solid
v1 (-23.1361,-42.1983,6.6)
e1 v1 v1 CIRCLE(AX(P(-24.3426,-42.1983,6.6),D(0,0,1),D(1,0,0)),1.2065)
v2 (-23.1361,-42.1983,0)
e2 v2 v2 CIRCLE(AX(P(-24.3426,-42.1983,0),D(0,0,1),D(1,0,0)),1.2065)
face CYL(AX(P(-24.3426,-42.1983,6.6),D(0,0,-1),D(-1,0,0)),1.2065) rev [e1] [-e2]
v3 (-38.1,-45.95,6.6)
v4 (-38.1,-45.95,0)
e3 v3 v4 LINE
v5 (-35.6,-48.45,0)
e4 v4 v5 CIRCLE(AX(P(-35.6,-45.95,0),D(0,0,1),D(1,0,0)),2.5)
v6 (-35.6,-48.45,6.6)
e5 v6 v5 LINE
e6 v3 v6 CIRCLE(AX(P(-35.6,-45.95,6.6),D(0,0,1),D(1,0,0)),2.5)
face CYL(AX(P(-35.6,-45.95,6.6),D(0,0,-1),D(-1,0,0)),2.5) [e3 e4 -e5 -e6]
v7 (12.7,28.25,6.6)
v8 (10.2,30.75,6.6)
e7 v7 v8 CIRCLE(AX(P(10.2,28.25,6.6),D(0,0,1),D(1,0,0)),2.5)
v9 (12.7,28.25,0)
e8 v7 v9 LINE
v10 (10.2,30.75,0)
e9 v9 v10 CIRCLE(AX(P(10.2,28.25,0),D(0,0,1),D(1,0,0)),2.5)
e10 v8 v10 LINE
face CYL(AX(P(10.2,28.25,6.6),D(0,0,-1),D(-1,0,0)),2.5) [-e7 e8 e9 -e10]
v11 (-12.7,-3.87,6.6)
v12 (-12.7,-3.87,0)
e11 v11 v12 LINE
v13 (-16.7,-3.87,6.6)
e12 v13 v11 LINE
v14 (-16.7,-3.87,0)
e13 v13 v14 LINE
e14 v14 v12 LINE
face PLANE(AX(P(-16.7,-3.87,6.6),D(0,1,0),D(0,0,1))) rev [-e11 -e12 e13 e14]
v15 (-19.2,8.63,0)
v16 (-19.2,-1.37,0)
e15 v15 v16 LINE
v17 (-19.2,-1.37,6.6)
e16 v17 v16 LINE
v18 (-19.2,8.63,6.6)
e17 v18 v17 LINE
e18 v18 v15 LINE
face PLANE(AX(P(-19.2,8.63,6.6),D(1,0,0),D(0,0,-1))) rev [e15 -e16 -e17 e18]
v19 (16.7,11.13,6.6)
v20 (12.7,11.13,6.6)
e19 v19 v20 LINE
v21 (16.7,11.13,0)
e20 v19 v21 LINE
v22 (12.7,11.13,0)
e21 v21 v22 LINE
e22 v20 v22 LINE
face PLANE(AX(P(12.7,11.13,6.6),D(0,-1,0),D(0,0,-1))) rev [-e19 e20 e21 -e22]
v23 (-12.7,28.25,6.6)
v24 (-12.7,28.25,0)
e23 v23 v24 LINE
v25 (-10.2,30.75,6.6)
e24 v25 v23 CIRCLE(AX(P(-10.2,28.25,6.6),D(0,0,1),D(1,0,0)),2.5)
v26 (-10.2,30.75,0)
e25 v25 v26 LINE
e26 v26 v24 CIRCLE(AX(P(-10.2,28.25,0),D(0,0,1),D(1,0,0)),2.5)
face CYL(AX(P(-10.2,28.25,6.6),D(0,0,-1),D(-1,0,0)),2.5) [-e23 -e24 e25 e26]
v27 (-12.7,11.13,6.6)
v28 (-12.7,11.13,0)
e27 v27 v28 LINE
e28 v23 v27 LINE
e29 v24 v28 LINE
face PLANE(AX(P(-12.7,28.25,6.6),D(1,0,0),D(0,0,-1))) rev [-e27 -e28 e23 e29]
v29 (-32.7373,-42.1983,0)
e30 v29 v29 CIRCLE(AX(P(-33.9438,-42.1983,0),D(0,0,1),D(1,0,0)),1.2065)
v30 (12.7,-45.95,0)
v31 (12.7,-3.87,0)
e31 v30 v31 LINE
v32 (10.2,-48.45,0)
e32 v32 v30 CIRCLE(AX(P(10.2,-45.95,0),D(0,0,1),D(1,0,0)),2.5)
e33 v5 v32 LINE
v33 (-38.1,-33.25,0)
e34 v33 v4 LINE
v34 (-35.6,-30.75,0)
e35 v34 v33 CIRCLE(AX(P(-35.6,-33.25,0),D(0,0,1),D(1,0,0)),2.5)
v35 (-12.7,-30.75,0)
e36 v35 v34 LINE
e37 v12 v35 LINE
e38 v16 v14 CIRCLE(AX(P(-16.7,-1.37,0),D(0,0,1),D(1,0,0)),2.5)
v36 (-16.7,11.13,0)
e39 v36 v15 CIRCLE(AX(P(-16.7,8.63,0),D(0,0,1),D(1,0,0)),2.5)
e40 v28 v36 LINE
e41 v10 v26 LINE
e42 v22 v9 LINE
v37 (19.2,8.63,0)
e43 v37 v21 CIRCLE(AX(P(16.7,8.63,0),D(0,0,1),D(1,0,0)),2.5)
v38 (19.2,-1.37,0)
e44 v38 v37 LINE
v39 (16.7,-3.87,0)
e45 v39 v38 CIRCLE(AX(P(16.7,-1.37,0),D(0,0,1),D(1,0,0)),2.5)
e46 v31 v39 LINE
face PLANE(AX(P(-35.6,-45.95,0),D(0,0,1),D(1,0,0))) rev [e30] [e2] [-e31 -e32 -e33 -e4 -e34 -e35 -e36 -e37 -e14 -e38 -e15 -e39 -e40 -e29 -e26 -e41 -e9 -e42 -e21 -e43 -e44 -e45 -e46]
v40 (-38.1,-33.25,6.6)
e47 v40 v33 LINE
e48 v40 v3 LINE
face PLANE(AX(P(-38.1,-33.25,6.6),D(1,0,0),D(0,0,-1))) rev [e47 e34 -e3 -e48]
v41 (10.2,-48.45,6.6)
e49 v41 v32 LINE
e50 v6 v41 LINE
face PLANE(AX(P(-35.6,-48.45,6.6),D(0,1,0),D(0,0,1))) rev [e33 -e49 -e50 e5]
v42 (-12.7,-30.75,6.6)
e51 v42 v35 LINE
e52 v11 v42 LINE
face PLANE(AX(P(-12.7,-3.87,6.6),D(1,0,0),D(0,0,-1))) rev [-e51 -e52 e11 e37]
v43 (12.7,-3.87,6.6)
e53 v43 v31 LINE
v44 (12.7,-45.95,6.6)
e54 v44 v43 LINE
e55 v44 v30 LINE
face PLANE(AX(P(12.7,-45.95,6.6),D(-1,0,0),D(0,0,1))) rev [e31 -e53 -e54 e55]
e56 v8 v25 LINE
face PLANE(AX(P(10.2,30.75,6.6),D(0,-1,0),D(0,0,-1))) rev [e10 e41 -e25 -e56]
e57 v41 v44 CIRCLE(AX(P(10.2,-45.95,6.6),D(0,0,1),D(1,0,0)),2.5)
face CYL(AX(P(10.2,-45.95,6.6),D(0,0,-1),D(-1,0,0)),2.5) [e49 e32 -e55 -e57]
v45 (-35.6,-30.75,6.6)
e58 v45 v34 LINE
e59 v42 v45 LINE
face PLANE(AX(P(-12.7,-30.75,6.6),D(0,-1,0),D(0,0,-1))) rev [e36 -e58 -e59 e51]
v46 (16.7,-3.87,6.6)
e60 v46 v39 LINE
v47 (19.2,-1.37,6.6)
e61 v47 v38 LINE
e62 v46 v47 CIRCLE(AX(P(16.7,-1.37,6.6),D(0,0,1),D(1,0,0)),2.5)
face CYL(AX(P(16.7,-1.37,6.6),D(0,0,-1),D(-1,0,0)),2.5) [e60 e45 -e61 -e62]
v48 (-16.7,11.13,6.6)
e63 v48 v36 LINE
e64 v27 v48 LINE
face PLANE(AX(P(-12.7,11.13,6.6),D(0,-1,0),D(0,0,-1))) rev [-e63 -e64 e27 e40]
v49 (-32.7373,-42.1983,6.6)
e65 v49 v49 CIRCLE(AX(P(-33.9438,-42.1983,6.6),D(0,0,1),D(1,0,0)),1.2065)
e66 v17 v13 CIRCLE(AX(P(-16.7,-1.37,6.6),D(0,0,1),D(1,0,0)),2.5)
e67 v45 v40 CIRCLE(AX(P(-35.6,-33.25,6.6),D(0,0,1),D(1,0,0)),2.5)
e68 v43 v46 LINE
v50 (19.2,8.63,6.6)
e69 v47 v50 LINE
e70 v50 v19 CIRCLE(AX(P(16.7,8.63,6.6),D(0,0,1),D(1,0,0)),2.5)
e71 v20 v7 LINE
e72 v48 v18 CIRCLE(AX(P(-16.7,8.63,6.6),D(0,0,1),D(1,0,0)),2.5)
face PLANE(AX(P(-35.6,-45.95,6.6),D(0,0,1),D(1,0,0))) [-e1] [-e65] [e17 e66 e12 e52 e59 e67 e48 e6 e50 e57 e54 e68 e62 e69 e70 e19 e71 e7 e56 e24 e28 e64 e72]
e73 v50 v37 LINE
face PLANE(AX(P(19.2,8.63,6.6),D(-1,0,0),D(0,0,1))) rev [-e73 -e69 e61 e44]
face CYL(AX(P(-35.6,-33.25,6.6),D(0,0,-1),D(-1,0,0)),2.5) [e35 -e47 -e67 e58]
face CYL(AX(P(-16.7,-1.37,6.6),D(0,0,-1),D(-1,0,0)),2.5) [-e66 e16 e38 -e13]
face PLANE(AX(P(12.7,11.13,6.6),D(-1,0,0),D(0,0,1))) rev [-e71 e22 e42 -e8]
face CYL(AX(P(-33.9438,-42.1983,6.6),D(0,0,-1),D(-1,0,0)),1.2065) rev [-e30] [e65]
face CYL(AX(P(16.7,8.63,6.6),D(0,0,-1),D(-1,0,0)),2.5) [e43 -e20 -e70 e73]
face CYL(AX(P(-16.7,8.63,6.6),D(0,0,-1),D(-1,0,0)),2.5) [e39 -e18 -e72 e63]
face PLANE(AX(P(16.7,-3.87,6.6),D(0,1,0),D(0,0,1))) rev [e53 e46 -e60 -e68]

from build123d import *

# Parameters (mm, degrees)
MODEL_R             = 1.2065
BOSS_EXTRUDE1_DEPTH = 6.6


with BuildPart() as part:
    # Model → Boss-Extrude1 (new body)
    with BuildSketch(Plane.XY):
        with BuildLine():
            Line((-38.1, -33.25), (-38.1, -45.95))
            ThreePointArc((-38.1, -45.95), (-37.367766953, -47.717766953), (-35.6, -48.45))
            Line((-35.6, -48.45), (10.2, -48.45))
            ThreePointArc((10.2, -48.45), (11.967766953, -47.717766953), (12.7, -45.95))
            Line((12.7, -45.95), (12.7, -3.87))
            Line((12.7, -3.87), (16.7, -3.87))
            ThreePointArc((16.7, -3.87), (18.467766953, -3.137766953), (19.2, -1.37))
            Line((19.2, -1.37), (19.2, 8.63))
            ThreePointArc((19.2, 8.63), (18.467766953, 10.397766953), (16.7, 11.13))
            Line((16.7, 11.13), (12.7, 11.13))
            Line((12.7, 11.13), (12.7, 28.25))
            ThreePointArc((12.7, 28.25), (11.967766953, 30.017766953), (10.2, 30.75))
            Line((10.2, 30.75), (-10.2, 30.75))
            ThreePointArc((-10.2, 30.75), (-11.967766953, 30.017766953), (-12.7, 28.25))
            Line((-12.7, 28.25), (-12.7, 11.13))
            Line((-12.7, 11.13), (-16.7, 11.13))
            ThreePointArc((-16.7, 11.13), (-18.467766953, 10.397766953), (-19.2, 8.63))
            Line((-19.2, 8.63), (-19.2, -1.37))
            ThreePointArc((-19.2, -1.37), (-18.467766953, -3.137766953), (-16.7, -3.87))
            Line((-16.7, -3.87), (-12.7, -3.87))
            Line((-12.7, -3.87), (-12.7, -30.75))
            Line((-12.7, -30.75), (-35.6, -30.75))
            ThreePointArc((-35.6, -30.75), (-37.367766953, -31.482233047), (-38.1, -33.25))
        make_face()
        with Locations((-33.9438, -42.1983)):
            Circle(MODEL_R, mode=Mode.SUBTRACT)
        with Locations((-24.3426, -42.1983)):
            Circle(MODEL_R, mode=Mode.SUBTRACT)
    extrude(amount=BOSS_EXTRUDE1_DEPTH)


solid = part.part
